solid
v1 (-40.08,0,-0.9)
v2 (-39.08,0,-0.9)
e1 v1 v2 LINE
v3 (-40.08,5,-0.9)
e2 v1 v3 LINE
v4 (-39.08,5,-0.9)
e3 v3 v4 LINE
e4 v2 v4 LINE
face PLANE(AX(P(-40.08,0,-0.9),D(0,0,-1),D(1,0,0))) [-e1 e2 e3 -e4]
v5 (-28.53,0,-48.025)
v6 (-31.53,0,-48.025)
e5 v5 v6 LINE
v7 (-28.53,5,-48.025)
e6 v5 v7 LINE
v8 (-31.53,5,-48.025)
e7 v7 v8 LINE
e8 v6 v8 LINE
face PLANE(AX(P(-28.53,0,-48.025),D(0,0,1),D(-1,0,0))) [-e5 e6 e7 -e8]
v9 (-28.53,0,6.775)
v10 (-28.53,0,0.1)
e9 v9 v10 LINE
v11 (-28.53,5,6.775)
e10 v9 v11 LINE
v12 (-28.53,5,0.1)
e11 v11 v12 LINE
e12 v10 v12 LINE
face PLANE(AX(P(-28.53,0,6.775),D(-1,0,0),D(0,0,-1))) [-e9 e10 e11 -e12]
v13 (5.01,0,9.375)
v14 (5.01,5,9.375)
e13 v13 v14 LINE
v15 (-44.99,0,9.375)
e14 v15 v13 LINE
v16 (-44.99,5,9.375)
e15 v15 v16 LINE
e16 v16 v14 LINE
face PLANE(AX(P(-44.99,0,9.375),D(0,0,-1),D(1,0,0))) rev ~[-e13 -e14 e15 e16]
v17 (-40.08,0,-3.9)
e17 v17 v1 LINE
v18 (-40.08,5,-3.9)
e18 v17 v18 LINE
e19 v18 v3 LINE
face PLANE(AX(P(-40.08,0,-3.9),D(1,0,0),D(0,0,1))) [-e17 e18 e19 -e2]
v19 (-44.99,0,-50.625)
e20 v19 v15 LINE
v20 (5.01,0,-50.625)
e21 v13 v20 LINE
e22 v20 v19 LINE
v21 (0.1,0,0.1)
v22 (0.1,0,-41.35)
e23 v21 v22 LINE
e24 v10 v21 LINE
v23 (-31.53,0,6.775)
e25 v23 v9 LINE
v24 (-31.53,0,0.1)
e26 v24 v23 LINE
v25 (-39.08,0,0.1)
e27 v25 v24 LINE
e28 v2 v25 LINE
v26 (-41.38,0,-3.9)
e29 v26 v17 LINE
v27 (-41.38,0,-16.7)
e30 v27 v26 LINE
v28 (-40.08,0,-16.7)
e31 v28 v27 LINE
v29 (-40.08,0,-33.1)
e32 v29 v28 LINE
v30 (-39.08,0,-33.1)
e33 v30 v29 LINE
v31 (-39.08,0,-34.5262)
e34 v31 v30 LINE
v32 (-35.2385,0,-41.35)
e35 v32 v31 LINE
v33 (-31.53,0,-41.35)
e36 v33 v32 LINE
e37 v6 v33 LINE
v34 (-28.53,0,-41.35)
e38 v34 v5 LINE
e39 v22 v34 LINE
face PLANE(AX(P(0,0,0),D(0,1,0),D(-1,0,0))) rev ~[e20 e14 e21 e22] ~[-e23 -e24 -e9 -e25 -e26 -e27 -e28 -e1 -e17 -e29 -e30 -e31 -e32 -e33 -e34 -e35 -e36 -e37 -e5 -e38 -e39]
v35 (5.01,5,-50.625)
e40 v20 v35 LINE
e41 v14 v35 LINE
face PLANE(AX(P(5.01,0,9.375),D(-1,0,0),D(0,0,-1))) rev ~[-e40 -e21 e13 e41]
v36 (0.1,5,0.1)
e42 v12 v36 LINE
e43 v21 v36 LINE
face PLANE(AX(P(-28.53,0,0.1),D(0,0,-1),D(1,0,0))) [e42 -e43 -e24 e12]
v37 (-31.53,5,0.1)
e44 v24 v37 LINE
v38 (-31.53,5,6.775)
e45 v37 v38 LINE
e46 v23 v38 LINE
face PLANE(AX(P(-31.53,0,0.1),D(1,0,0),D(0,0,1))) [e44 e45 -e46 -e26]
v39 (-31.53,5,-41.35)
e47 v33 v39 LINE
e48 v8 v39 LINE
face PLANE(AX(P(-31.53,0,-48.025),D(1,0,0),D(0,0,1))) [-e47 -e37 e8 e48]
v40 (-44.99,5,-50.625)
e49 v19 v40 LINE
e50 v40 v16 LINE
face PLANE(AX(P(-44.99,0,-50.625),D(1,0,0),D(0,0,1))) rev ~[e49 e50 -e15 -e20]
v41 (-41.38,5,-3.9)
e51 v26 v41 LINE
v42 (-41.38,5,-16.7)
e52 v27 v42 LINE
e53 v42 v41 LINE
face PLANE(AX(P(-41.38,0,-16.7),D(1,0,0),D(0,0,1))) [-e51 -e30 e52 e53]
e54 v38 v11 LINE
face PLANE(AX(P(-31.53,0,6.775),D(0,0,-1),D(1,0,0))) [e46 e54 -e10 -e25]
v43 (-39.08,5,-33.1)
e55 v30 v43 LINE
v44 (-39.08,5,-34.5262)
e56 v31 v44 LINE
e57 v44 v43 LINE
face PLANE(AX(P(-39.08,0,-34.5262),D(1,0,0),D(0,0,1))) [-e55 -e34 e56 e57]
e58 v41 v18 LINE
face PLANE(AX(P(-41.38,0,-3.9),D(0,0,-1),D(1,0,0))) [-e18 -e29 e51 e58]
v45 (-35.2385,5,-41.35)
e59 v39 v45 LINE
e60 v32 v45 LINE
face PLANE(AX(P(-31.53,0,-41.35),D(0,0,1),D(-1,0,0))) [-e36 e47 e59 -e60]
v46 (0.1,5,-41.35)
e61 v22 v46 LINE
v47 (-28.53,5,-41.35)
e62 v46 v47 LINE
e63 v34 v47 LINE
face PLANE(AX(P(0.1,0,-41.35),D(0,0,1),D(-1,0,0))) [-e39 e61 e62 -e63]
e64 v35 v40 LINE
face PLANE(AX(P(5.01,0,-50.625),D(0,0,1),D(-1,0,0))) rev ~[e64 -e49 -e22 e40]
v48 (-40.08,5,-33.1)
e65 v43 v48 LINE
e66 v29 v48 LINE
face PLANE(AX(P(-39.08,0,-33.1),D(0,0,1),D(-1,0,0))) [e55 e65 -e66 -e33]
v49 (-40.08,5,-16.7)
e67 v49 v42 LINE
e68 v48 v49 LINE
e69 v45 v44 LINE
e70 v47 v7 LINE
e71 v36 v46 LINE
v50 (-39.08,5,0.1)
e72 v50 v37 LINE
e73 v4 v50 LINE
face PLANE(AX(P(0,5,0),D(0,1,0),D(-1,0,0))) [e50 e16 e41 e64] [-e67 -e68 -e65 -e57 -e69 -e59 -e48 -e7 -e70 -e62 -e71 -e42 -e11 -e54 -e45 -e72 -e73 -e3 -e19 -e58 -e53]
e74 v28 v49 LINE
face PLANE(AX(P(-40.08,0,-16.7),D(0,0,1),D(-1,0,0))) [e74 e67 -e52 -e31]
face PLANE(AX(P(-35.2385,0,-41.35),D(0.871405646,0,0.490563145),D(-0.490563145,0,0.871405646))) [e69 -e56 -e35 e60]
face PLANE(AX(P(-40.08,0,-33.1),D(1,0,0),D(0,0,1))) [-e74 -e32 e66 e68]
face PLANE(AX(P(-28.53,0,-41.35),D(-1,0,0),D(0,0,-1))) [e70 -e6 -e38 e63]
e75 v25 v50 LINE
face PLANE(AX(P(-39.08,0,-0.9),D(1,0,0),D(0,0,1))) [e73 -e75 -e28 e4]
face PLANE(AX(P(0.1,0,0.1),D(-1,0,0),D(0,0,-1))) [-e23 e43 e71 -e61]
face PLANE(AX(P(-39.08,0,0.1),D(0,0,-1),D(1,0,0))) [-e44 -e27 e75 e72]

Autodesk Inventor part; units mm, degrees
ref_plane "YZ Plane" through (0, 0, 0) normal (1, 0, 0) x (0, 1, 0)
ref_plane "XZ Plane" through (0, 0, 0) normal (0, 1, 0) x (-1, 0, 0)
ref_plane "XY Plane" through (0, 0, 0) normal (0, 0, 1) x (1, 0, 0)
sketch "Sketch1" plane through (0, 0, 0) normal (0, 1, 0) x (-1, 0, 0)
  line L0 (0, 0) -> (28.63, 0)
  line L1 (28.63, 0) -> (28.63, -41.25) construction
  line L2 (28.63, -41.25) -> (0, -41.25)
  line L3 (0, -41.25) -> (0, 0)
  line L4 (28.63, 6.675) -> (31.43, 6.675)
  line L5 (31.43, 6.675) -> (31.43, 0)
  line L6 (31.43, -47.925) -> (28.63, -47.925)
  line L7 (28.63, -47.925) -> (28.63, -41.25)
  line L8 (31.43, -20.625) -> (28.63, -20.625) construction
  line L9 (38.98, 0) -> (31.43, 0)
  line L10 (31.43, 0) -> (31.43, -41.25) construction
  line L11 (31.43, -41.25) -> (35.18, -41.25)
  line L12 (38.98, -41.25) -> (38.98, -34.5) construction
  line L13 (31.43, -41.25) -> (35.18, -41.25) construction
  line L14 (38.98, 0) -> (38.98, -1) construction
  line L15 (38.98, -34.5) -> (35.18, -41.25)
  line L16 (38.98, -34.5) -> (38.98, -33)
  line L17 (35.18, -41.25) -> (38.98, -41.25) construction
  line L18 (38.98, 0) -> (38.98, -1) construction
  line L19 (38.98, -1) -> (39.98, -1)
  line L20 (39.98, -1) -> (39.98, -4)
  line L21 (39.98, -33) -> (38.98, -33)
  line L22 (38.98, -33) -> (38.98, -1) construction
  line L23 (38.98, -1) -> (38.98, -33) construction
  line L24 (38.98, -33) -> (38.98, -34.5) construction
  line L25 (38.98, -1) -> (38.98, 0)
  line L26 (38.98, -33) -> (38.98, -1) construction
  line L27 (31.43, 0) -> (31.43, -41.25) construction
  line L28 (31.43, -41.25) -> (31.43, -47.925)
  line L29 (28.63, -41.25) -> (28.63, 0) construction
  line L30 (28.63, 0) -> (28.63, 6.675)
  line L31 (28.63, 0) -> (31.43, 0) construction
  line L32 (31.43, -41.25) -> (28.63, -41.25) construction
  line L33 (39.98, -1) -> (39.98, -4) construction
  line L34 (39.98, -4) -> (41.28, -4)
  line L35 (41.28, -4) -> (41.28, -16.6)
  line L36 (41.28, -16.6) -> (39.98, -16.6)
  line L37 (39.98, -16.6) -> (39.98, -4) construction
  line L38 (39.98, -4) -> (39.98, -16.6) construction
  line L39 (39.98, -16.6) -> (39.98, -33)
  line L40 (41.38, -16.7) -> (41.38, -3.9)
  line L41 (41.38, -3.9) -> (40.08, -3.9)
  line L42 (40.08, -3.9) -> (40.08, -0.9)
  line L43 (40.08, -0.9) -> (39.08, -0.9)
  line L44 (39.08, -0.9) -> (39.08, 0.1)
  line L45 (39.08, 0.1) -> (31.53, 0.1)
  line L46 (31.53, 0.1) -> (31.53, 6.775)
  line L47 (31.53, 6.775) -> (28.53, 6.775)
  line L48 (28.53, 6.775) -> (28.53, 0.1)
  line L49 (28.53, 0.1) -> (-0.1, 0.1)
  line L50 (-0.1, 0.1) -> (-0.1, -41.35)
  line L51 (-0.1, -41.35) -> (28.53, -41.35)
  line L52 (28.53, -41.35) -> (28.53, -48.025)
  line L53 (28.53, -48.025) -> (31.53, -48.025)
  line L54 (31.53, -48.025) -> (31.53, -41.35)
  line L55 (31.53, -41.35) -> (35.2385, -41.35)
  line L56 (35.2385, -41.35) -> (39.08, -34.5262)
  line L57 (39.08, -34.5262) -> (39.08, -33.1)
  line L58 (39.08, -33.1) -> (40.08, -33.1)
  line L59 (40.08, -33.1) -> (40.08, -16.7)
  line L60 (40.08, -16.7) -> (41.38, -16.7)
  line L61 (0, -20.625) -> (39.98, -20.625) construction
  line L62 (44.99, 9.375) -> (-5.01, 9.375)
  line L63 (-5.01, 9.375) -> (-5.01, -50.625)
  line L64 (-5.01, -50.625) -> (44.99, -50.625)
  line L65 (44.99, -50.625) -> (44.99, 9.375)
  line L66 (19.99, 9.375) -> (19.99, -50.625) construction
  point P0 (30.03, 6.675)
  point P1 (19.99, -20.625)
  dimension "d0" = 28.63
  dimension "d1" = 41.25
  dimension "d2" = 2.8
  dimension "d3" = 54.6
  dimension "d4" = 7.55
  dimension "d5" = 41.25
  dimension "d6" = 3.75
  dimension "d7" = 34.5
  dimension "d8" = 1
  dimension "d9" = 32
  dimension "d10" = 1
  dimension "d11" = 6.675
  dimension "d12" = 3
  dimension "d13" = 1.3
  dimension "d14" = 12.6
  dimension "d15" = 0.1
  dimension "d16" = 50
  dimension "d17" = 60
extrude "Extrusion1" add sketch "Sketch1" along normal blind 5 contours L65 L64 L63 L62
equation "\"d5\" = d1"
properties part number "OMG_20kg_servo_side_profile(0.4mm)"
